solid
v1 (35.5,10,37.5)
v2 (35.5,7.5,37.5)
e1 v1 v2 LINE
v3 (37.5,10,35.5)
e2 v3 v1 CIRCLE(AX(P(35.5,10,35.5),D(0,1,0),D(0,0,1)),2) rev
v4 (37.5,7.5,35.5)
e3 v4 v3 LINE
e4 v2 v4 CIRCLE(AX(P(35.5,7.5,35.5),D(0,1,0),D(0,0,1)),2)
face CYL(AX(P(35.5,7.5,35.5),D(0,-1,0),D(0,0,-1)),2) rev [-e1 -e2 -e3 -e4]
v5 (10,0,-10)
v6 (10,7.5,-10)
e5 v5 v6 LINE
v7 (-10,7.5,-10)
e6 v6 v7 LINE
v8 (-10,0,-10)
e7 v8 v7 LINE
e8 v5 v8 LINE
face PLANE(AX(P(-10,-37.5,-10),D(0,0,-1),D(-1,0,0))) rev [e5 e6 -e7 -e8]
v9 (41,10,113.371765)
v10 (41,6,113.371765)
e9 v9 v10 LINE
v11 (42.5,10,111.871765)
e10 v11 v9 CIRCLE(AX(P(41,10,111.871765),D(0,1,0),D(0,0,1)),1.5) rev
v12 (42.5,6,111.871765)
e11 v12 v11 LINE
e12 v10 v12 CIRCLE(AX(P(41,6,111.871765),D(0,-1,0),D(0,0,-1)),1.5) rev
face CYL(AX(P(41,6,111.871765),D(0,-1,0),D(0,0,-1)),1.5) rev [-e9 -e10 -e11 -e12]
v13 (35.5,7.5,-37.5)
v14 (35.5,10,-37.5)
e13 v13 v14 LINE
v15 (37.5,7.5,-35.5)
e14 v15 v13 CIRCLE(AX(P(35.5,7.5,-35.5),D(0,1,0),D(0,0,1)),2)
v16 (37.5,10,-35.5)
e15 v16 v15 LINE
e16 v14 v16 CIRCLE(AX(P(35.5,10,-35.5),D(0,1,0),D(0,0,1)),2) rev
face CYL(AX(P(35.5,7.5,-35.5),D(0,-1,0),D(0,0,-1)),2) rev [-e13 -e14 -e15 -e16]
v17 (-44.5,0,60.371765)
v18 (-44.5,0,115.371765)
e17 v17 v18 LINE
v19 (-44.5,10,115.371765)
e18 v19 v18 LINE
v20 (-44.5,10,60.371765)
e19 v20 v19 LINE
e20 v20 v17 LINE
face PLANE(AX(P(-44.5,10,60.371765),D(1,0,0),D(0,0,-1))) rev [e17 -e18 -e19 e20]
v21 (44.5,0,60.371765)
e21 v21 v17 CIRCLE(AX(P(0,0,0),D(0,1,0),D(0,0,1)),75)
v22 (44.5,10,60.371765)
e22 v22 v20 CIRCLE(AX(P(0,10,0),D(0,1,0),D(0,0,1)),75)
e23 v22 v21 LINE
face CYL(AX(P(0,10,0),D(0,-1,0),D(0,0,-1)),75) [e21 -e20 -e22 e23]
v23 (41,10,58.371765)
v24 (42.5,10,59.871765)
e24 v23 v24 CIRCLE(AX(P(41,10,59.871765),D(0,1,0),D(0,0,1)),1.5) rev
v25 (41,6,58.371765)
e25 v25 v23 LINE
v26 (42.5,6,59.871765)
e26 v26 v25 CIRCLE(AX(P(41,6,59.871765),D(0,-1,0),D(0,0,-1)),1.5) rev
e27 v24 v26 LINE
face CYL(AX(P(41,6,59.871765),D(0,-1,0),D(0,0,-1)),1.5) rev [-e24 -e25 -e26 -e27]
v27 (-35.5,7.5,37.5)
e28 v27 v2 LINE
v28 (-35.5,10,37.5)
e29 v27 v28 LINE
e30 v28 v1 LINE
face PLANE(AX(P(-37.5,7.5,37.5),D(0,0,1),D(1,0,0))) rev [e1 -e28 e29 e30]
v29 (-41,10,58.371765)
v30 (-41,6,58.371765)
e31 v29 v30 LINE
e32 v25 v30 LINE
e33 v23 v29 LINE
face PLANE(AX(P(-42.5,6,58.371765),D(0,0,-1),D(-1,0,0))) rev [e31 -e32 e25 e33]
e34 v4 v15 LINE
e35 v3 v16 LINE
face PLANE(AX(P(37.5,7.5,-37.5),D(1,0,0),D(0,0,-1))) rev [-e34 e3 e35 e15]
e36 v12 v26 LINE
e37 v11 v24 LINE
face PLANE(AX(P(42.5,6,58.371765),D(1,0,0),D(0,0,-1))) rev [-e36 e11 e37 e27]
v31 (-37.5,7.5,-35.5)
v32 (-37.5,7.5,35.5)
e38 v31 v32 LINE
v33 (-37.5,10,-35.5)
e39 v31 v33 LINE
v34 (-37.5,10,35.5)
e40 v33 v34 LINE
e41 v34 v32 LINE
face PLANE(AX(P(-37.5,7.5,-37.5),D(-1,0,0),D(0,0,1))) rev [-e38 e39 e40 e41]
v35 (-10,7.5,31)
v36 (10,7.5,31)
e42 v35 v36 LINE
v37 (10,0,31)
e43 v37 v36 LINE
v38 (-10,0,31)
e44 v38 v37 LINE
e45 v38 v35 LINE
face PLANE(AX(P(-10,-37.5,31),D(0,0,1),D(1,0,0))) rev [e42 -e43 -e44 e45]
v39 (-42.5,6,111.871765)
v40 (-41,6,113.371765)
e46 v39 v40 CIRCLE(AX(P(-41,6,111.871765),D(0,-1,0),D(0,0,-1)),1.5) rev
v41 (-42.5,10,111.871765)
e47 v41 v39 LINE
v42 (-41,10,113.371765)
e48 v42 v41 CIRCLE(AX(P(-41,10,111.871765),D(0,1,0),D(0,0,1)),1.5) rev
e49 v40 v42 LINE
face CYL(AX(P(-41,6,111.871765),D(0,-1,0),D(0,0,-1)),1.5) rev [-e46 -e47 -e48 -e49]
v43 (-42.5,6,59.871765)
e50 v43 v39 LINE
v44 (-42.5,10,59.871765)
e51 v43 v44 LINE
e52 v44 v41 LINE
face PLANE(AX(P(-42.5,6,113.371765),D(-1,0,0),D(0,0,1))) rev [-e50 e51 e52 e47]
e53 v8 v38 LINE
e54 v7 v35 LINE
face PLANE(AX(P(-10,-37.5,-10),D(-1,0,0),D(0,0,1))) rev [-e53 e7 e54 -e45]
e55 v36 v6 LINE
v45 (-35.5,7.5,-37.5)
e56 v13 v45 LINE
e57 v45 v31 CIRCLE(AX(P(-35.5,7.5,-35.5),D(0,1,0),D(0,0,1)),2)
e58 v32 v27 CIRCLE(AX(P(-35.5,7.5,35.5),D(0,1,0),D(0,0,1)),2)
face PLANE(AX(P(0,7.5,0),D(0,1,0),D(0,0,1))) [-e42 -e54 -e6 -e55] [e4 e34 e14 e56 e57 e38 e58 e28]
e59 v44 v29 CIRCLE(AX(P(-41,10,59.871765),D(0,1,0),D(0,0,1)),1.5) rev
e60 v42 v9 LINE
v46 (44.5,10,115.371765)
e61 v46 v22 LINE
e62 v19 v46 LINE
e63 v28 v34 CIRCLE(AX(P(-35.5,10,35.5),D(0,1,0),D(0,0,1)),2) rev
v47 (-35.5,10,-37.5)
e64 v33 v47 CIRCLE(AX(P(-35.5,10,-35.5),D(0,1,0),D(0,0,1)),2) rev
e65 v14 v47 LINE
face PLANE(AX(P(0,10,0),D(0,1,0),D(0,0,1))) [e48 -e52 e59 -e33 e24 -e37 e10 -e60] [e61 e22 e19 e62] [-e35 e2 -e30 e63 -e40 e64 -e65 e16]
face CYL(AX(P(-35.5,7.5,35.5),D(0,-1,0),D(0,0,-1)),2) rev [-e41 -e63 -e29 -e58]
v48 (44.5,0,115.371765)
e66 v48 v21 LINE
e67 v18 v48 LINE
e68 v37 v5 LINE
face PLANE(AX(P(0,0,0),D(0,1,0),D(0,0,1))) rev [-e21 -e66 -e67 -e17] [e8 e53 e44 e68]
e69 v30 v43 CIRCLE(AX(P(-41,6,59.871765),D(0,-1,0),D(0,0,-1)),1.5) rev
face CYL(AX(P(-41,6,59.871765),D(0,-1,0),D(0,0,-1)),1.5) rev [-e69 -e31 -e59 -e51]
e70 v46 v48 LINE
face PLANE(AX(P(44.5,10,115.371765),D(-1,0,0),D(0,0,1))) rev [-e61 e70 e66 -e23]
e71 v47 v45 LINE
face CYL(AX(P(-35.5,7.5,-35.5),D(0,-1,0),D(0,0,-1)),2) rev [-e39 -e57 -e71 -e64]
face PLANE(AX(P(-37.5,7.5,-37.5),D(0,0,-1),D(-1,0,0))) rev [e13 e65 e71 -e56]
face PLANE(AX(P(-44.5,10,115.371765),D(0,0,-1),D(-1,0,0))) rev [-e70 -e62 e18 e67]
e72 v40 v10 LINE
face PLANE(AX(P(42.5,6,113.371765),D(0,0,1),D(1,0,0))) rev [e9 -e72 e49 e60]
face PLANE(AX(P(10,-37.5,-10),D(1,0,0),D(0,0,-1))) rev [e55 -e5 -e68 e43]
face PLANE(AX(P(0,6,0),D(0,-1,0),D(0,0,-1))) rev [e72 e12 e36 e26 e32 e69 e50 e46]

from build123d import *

# Parameters (mm, degrees)
BOSS_EXTRUDE2_DEPTH = 10
CUT_EXTRUDE2_START  = 10
SKETCH3_W           = 75
SKETCH3_H           = 75
CUT_EXTRUDE2_DEPTH  = 2.5
FILLET2_R           = 2
CUT_EXTRUDE3_START  = 10
SKETCH5_W           = 85
SKETCH5_H           = 55
CUT_EXTRUDE3_DEPTH  = 4
FILLET3_R           = 1.5
CUT_EXTRUDE4_START  = 7.5
SKETCH6_W           = 20
SKETCH6_H           = 41
CUT_EXTRUDE4_DEPTH  = 45


with BuildPart() as part:
    # Sketch2 → Boss-Extrude2 (new body)
    with BuildSketch(Plane(origin=(0, 0, 0), x_dir=(1, 0, 0), z_dir=(0, 1, 0))):
        with BuildLine():
            Line((-44.5, -60.371764924), (-44.5, -115.371764924))
            Line((-44.5, -115.371764924), (44.5, -115.371764924))
            Line((44.5, -115.371764924), (44.5, -60.371764924))
            ThreePointArc((44.5, -60.371764924), (0, 75), (-44.5, -60.371764924))
        make_face()
    extrude(amount=BOSS_EXTRUDE2_DEPTH)

    # Sketch3 → Cut-Extrude2 (cut)
    with BuildSketch(Plane(origin=(0, 0, 0), x_dir=(1, 0, 0), z_dir=(0, 1, 0)).offset(CUT_EXTRUDE2_START)):
        Rectangle(SKETCH3_W, SKETCH3_H)
    extrude(amount=-CUT_EXTRUDE2_DEPTH, mode=Mode.SUBTRACT)

    # Fillet2
    fillet2_edges = [part.edges().sort_by_distance(p)[0] for p in [
        (37.5, 8.75, -37.5),
        (37.5, 8.75, 37.5),
        (-37.5, 8.75, 37.5),
        (-37.5, 8.75, -37.5),
    ]]
    fillet(fillet2_edges, radius=FILLET2_R)

    # Sketch5 → Cut-Extrude3 (cut)
    with BuildSketch(Plane(origin=(0, 0, 0), x_dir=(1, 0, 0), z_dir=(0, 1, 0)).offset(CUT_EXTRUDE3_START)):
        with Locations((0, -85.871764924)):
            Rectangle(SKETCH5_W, SKETCH5_H)
    extrude(amount=-CUT_EXTRUDE3_DEPTH, mode=Mode.SUBTRACT)

    # Fillet3
    fillet3_edges = [part.edges().sort_by_distance(p)[0] for p in [
        (42.5, 8, 113.371764924),
        (-42.5, 8, 113.371764924),
        (-42.5, 8, 58.371764924),
        (42.5, 8, 58.371764924),
    ]]
    fillet(fillet3_edges, radius=FILLET3_R)

    # Sketch6 → Cut-Extrude4 (cut)
    with BuildSketch(Plane(origin=(0, 0, 0), x_dir=(1, 0, 0), z_dir=(0, 1, 0)).offset(CUT_EXTRUDE4_START)):
        with Locations((0, -10.5)):
            Rectangle(SKETCH6_W, SKETCH6_H)
    extrude(amount=-CUT_EXTRUDE4_DEPTH, mode=Mode.SUBTRACT)


solid = part.part
